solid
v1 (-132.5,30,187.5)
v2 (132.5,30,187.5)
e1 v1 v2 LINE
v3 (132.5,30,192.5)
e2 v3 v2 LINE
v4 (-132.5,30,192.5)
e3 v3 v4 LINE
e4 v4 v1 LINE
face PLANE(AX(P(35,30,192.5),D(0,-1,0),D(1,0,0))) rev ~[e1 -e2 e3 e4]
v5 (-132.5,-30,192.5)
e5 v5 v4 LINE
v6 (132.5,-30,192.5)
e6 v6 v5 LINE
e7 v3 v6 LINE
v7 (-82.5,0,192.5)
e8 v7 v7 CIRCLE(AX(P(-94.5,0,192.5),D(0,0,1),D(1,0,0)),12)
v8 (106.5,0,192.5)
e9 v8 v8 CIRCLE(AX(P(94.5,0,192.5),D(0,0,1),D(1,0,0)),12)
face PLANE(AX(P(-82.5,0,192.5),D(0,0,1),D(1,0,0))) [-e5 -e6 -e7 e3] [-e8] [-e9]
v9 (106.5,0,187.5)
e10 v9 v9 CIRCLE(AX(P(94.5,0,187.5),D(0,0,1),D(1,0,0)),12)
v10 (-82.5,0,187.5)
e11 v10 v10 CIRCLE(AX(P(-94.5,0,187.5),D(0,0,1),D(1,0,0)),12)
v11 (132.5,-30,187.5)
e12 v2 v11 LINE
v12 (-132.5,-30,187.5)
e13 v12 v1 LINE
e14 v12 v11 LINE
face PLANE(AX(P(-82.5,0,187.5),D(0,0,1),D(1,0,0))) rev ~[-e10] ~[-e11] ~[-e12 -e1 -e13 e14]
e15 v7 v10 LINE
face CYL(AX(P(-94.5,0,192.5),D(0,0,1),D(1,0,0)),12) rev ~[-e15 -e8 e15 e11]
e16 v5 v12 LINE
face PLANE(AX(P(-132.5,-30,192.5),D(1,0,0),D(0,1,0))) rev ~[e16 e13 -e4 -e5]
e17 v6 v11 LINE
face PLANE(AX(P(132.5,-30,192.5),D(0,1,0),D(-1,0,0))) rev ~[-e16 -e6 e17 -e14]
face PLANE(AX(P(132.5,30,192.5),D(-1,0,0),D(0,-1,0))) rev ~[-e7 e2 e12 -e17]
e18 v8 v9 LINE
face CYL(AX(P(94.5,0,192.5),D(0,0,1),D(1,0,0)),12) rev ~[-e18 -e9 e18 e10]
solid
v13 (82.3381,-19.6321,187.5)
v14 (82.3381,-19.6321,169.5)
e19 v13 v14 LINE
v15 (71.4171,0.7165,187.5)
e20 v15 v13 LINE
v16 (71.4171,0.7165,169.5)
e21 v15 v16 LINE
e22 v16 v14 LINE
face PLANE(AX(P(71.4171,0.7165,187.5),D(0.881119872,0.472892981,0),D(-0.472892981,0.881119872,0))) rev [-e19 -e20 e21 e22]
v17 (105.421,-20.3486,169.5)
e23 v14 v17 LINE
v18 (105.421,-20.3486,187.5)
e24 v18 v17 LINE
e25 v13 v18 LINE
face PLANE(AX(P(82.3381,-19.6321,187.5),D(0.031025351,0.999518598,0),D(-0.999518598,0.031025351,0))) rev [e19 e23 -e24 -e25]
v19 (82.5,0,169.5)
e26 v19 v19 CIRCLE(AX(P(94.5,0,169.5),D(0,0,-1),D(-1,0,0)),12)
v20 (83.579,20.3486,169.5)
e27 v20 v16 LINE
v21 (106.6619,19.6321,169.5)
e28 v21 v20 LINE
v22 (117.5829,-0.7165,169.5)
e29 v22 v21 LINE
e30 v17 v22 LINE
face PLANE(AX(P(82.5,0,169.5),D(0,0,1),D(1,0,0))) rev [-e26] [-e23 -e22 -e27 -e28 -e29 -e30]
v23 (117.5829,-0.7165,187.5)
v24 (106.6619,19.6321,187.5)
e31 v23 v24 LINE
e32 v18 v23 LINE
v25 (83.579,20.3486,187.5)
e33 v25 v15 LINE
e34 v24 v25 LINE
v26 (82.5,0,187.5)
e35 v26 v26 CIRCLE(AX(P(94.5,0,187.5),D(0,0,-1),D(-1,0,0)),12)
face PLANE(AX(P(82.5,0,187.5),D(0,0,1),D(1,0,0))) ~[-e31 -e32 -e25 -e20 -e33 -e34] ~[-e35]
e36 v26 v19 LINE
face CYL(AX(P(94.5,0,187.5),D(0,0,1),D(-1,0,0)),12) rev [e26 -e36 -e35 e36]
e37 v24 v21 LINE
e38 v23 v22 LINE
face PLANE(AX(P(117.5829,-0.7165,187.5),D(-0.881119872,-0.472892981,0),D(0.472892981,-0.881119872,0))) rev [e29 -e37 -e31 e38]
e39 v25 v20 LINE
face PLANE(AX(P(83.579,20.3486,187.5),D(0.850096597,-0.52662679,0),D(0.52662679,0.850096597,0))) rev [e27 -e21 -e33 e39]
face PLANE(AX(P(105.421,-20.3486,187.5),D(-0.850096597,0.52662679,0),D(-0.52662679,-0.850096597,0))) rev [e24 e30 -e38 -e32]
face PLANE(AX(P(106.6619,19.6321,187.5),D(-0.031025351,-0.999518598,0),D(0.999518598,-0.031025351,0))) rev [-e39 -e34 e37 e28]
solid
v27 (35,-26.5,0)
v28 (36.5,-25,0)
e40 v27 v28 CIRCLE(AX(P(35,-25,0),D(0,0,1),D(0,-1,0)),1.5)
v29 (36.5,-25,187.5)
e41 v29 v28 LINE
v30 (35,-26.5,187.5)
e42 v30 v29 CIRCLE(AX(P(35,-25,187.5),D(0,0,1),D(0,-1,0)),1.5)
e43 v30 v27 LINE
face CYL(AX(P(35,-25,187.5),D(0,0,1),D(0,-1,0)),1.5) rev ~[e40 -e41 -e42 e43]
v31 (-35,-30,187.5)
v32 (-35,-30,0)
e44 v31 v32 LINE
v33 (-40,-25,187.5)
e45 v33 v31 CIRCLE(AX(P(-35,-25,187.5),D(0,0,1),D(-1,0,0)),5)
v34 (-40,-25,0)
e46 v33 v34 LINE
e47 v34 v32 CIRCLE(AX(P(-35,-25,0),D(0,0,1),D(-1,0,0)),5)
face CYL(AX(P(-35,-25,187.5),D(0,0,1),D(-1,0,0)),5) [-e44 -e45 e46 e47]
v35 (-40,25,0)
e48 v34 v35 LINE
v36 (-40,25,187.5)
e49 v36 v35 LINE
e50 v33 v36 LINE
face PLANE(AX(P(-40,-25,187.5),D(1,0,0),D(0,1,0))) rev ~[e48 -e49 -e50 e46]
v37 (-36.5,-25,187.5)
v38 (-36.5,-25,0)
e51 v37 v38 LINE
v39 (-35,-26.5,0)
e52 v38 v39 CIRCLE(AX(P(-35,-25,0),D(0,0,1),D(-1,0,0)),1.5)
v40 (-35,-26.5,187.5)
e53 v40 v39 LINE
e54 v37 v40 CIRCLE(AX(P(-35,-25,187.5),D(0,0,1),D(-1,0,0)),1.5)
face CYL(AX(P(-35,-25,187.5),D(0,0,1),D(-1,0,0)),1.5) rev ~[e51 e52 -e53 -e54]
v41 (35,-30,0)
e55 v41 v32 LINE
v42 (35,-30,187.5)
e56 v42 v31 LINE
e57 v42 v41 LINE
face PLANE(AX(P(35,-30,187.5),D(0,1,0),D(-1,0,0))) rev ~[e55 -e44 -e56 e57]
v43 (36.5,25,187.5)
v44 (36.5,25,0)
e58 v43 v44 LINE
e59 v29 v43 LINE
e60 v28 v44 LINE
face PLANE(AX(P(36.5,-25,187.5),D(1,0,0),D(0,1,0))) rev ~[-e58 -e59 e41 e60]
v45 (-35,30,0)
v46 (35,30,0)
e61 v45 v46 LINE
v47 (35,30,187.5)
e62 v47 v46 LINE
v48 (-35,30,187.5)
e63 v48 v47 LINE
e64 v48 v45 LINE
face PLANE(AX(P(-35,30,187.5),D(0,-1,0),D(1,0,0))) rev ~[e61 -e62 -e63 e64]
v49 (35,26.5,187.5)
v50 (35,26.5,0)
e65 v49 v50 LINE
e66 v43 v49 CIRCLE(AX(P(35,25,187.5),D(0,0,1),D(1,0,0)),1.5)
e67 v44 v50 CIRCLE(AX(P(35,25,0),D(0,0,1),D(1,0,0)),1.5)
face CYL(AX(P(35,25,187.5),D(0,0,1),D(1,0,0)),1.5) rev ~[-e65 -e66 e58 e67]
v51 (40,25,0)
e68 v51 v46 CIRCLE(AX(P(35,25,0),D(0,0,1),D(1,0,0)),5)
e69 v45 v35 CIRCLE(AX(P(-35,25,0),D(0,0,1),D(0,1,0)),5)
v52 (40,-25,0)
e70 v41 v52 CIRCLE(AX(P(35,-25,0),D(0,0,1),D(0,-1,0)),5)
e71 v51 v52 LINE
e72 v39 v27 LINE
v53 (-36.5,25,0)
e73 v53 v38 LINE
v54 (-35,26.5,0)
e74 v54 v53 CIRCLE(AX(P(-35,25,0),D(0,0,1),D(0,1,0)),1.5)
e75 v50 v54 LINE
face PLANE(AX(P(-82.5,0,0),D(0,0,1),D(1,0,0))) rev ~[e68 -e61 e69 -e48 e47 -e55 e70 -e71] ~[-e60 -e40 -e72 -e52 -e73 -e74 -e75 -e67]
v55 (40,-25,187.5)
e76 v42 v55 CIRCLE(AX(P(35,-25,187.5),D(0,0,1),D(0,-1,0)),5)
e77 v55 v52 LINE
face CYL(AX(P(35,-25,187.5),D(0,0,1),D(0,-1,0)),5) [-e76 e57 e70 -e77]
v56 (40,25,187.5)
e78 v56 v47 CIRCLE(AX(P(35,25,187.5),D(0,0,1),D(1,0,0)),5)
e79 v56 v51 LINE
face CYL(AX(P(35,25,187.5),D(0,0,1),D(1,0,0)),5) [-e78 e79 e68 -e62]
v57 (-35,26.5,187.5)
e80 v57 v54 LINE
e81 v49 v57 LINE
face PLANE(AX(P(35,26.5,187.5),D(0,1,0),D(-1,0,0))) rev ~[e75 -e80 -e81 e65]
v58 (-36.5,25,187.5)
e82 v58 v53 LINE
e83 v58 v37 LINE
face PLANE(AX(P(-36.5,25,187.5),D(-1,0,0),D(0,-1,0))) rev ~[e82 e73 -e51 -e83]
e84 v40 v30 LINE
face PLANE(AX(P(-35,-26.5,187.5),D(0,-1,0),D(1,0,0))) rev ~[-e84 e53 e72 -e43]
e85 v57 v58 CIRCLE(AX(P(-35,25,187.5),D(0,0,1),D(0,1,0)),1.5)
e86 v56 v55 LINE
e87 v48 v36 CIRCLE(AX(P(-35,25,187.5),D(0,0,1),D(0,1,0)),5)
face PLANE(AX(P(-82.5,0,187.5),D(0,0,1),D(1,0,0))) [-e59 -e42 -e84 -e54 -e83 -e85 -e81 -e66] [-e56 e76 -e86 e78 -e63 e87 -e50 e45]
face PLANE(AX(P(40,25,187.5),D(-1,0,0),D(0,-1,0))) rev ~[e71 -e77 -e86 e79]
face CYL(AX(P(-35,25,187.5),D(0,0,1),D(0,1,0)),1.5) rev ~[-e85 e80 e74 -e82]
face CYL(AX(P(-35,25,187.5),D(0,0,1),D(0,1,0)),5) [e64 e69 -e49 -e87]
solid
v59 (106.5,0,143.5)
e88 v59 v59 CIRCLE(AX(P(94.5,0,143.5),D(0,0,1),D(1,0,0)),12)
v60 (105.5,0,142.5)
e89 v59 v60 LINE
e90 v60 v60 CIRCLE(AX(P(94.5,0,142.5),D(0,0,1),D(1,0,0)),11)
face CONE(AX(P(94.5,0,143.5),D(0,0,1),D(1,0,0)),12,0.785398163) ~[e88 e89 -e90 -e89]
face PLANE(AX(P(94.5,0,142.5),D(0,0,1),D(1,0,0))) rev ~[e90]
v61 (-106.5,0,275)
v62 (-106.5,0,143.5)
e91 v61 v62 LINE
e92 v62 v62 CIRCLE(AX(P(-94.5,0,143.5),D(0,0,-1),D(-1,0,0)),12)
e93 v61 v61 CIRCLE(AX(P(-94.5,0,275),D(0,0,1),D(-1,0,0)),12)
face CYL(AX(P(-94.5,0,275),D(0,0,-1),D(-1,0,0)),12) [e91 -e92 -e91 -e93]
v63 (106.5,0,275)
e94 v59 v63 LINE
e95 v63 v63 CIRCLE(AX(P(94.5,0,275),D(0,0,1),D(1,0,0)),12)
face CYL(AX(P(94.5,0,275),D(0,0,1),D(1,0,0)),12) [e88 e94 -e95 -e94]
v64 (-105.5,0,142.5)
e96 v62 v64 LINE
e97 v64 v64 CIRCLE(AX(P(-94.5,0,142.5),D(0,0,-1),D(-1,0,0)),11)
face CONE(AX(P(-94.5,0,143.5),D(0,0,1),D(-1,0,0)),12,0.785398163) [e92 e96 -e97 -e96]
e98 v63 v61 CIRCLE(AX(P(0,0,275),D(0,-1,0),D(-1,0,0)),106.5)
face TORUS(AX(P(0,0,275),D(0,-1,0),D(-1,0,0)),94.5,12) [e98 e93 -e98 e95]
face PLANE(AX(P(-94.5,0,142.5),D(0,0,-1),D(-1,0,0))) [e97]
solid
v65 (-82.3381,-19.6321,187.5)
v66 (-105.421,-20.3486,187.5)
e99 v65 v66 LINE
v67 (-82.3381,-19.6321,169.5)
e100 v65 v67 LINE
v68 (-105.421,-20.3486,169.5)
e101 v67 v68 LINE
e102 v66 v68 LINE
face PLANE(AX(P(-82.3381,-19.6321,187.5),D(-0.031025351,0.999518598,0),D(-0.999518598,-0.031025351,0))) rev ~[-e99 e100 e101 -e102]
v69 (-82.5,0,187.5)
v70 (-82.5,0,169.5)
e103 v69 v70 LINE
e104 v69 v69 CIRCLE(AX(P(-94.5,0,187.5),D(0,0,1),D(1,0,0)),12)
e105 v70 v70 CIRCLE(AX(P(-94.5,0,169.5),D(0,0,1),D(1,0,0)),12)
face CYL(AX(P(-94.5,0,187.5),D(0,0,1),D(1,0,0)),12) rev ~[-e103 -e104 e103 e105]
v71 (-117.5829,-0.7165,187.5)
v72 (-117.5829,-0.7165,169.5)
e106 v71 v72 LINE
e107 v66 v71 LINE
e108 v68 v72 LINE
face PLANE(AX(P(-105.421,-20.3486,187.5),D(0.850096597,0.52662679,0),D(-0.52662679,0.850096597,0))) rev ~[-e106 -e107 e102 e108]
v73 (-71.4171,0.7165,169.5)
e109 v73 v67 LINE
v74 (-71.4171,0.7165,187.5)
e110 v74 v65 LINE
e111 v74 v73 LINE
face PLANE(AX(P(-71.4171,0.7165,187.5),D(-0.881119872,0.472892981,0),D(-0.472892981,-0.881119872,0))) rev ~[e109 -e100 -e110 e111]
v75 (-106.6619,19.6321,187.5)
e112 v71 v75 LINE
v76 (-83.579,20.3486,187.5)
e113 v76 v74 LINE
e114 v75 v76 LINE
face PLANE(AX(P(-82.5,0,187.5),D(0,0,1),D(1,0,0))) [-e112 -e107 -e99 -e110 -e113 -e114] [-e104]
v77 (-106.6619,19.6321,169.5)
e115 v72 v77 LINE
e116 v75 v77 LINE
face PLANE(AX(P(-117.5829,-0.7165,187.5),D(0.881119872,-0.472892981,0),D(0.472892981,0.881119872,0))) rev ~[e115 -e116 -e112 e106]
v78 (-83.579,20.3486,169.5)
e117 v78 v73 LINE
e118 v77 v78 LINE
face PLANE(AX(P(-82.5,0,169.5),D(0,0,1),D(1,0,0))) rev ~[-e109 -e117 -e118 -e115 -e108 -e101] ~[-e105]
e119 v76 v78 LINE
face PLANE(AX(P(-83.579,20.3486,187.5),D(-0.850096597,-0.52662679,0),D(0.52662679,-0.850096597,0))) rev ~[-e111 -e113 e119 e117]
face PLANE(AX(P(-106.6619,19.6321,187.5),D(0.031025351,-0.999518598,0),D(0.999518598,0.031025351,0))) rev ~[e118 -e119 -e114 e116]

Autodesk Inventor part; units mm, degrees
ref_plane "YZ Plane" through (0, 0, 0) normal (1, 0, 0) x (0, 1, 0)
sketch "Sketch1" plane through (0, 0, 0) normal (0, 1, 0) x (-1, 0, 0)
  arc A0 (-82.5, 275) -> (82.5, 275) centre (0, 275) ccw construction
  line L0 (82.5, 192.5) -> (-82.5, 192.5) construction
  line L1 (82.5, 275) -> (82.5, 142.5)
  line L2 (-82.5, 275) -> (-82.5, 142.5)
  arc A1 (82.5, 275) -> (-82.5, 275) centre (0, 275) ccw
  line L3 (82.5, 142.5) -> (-82.5, 142.5) construction
  point P0 (0, 0)
  dimension "Thread" = 50
  dimension "d13" = 275
ref_plane "Work Plane1" through (-82.5, 0, 142.5) normal (0, 0, -1) x (-1, 0, 0)
sketch "Sketch2" plane through (-82.5, 0, 142.5) normal (0, 0, -1) x (-1, 0, 0)
  circle A0 centre (12, 0) radius 12
  point P0 (-82.5, 0)
  point P1 (0, 0)
  dimension "d2" = 24
sweep "Sweep1" add profiles "Sketch2" path "Sketch1"
thread "Thread1"
thread "Thread2"
chamfer "Chamfer1" distance 1 angle 45 4 edges at (82.5, 0, 142.5) (82.5, 0, 275) (-82.5, 0, 275) (-82.5, 0, 142.5)
ref_plane "Work Plane3" through (-82.5, 0, 192.5) normal (0, 0, 1) x (1, 0, 0)
sketch "Sketch3" plane through (-82.5, 0, 192.5) normal (0, 0, 1) x (1, 0, 0)
  line L0 (215, -30) -> (-50, -30)
  line L1 (-50, -30) -> (-50, 30)
  line L2 (-50, 30) -> (215, 30)
  line L3 (215, 30) -> (215, -30)
  line L4 (215, -30) -> (-50, 30) construction
  line L5 (-50, -30) -> (215, 30) construction
  circle A0 centre (-12, 0) radius 12 projected
  circle A1 centre (177, 0) radius 12 projected
  line L6 (117.5, -30) -> (47.5, -30)
  line L7 (42.5, -25) -> (42.5, 25)
  line L8 (47.5, 30) -> (117.5, 30)
  line L9 (122.5, 25) -> (122.5, -25)
  line L10 (122.5, -30) -> (42.5, 30) construction
  line L11 (42.5, -30) -> (122.5, 30) construction
  arc A2 (42.5, -25) -> (47.5, -30) centre (47.5, -25) ccw
  arc A3 (47.5, 30) -> (42.5, 25) centre (47.5, 25) ccw
  arc A4 (122.5, 25) -> (117.5, 30) centre (117.5, 25) ccw
  arc A5 (117.5, -30) -> (122.5, -25) centre (117.5, -25) ccw
  line L12 (46, 25) -> (46, -25)
  arc A6 (46, -25) -> (47.5, -26.5) centre (47.5, -25) ccw
  line L13 (47.5, -26.5) -> (117.5, -26.5)
  arc A7 (117.5, -26.5) -> (119, -25) centre (117.5, -25) ccw
  line L14 (119, -25) -> (119, 25)
  arc A8 (119, 25) -> (117.5, 26.5) centre (117.5, 25) ccw
  line L15 (117.5, 26.5) -> (47.5, 26.5)
  arc A9 (47.5, 26.5) -> (46, 25) centre (47.5, 25) ccw
  line L16 (0.1619, -19.6321) -> (-22.921, -20.3486)
  line L17 (-22.921, -20.3486) -> (-35.0829, -0.7165)
  line L18 (-35.0829, -0.7165) -> (-24.1619, 19.6321)
  line L19 (-24.1619, 19.6321) -> (-1.079, 20.3486)
  line L20 (-1.079, 20.3486) -> (11.0829, 0.7165)
  line L21 (11.0829, 0.7165) -> (0.1619, -19.6321)
  point P0 (82.5, 0)
  point P1 (-12, 0)
  dimension "d15" = 265
  dimension "d16" = 60
  dimension "d21" = 80
  dimension "d22" = 60
  dimension "d23" = 5
  dimension "d24" = 3.5
  dimension "d27" = 40
extrude "Extrusion1" add sketch "Sketch3" against normal blind 5 separate body contours L0 A5 L9 A4 L2 L3 | L0 A2 L7 A3 L2 A4 L9 A5 | L0 L1 L2 A3 L7 A2 | A0 | A1 | A9 L15 A8 L14 A7 L13 A6 L12 | L16 L17 L18 L19 L20 L21
extrude "Extrusion2" cut sketch "Sketch3" against normal through all contours A0 | A1 bodies 2
extrude "Extrusion3" add sketch "Sketch3" against normal up to surface (187.5 mm away) from surface at -5 separate body contours L0 A2 L7 A3 L2 A4 L9 A5
extrude "Extrusion4" add sketch "Sketch3" against normal blind 18 from surface at -5 separate body contours L16 L17 L18 L19 L20 L21
mirror "Mirror1" about plane through (0, 0, 0) normal (1, 0, 0) bodies 4
equation "\"d4\" = Thread"
equation "\"d6\" = Thread"
properties part number "Pipe Support Valve U-Ring" material "Stainless Steel"
